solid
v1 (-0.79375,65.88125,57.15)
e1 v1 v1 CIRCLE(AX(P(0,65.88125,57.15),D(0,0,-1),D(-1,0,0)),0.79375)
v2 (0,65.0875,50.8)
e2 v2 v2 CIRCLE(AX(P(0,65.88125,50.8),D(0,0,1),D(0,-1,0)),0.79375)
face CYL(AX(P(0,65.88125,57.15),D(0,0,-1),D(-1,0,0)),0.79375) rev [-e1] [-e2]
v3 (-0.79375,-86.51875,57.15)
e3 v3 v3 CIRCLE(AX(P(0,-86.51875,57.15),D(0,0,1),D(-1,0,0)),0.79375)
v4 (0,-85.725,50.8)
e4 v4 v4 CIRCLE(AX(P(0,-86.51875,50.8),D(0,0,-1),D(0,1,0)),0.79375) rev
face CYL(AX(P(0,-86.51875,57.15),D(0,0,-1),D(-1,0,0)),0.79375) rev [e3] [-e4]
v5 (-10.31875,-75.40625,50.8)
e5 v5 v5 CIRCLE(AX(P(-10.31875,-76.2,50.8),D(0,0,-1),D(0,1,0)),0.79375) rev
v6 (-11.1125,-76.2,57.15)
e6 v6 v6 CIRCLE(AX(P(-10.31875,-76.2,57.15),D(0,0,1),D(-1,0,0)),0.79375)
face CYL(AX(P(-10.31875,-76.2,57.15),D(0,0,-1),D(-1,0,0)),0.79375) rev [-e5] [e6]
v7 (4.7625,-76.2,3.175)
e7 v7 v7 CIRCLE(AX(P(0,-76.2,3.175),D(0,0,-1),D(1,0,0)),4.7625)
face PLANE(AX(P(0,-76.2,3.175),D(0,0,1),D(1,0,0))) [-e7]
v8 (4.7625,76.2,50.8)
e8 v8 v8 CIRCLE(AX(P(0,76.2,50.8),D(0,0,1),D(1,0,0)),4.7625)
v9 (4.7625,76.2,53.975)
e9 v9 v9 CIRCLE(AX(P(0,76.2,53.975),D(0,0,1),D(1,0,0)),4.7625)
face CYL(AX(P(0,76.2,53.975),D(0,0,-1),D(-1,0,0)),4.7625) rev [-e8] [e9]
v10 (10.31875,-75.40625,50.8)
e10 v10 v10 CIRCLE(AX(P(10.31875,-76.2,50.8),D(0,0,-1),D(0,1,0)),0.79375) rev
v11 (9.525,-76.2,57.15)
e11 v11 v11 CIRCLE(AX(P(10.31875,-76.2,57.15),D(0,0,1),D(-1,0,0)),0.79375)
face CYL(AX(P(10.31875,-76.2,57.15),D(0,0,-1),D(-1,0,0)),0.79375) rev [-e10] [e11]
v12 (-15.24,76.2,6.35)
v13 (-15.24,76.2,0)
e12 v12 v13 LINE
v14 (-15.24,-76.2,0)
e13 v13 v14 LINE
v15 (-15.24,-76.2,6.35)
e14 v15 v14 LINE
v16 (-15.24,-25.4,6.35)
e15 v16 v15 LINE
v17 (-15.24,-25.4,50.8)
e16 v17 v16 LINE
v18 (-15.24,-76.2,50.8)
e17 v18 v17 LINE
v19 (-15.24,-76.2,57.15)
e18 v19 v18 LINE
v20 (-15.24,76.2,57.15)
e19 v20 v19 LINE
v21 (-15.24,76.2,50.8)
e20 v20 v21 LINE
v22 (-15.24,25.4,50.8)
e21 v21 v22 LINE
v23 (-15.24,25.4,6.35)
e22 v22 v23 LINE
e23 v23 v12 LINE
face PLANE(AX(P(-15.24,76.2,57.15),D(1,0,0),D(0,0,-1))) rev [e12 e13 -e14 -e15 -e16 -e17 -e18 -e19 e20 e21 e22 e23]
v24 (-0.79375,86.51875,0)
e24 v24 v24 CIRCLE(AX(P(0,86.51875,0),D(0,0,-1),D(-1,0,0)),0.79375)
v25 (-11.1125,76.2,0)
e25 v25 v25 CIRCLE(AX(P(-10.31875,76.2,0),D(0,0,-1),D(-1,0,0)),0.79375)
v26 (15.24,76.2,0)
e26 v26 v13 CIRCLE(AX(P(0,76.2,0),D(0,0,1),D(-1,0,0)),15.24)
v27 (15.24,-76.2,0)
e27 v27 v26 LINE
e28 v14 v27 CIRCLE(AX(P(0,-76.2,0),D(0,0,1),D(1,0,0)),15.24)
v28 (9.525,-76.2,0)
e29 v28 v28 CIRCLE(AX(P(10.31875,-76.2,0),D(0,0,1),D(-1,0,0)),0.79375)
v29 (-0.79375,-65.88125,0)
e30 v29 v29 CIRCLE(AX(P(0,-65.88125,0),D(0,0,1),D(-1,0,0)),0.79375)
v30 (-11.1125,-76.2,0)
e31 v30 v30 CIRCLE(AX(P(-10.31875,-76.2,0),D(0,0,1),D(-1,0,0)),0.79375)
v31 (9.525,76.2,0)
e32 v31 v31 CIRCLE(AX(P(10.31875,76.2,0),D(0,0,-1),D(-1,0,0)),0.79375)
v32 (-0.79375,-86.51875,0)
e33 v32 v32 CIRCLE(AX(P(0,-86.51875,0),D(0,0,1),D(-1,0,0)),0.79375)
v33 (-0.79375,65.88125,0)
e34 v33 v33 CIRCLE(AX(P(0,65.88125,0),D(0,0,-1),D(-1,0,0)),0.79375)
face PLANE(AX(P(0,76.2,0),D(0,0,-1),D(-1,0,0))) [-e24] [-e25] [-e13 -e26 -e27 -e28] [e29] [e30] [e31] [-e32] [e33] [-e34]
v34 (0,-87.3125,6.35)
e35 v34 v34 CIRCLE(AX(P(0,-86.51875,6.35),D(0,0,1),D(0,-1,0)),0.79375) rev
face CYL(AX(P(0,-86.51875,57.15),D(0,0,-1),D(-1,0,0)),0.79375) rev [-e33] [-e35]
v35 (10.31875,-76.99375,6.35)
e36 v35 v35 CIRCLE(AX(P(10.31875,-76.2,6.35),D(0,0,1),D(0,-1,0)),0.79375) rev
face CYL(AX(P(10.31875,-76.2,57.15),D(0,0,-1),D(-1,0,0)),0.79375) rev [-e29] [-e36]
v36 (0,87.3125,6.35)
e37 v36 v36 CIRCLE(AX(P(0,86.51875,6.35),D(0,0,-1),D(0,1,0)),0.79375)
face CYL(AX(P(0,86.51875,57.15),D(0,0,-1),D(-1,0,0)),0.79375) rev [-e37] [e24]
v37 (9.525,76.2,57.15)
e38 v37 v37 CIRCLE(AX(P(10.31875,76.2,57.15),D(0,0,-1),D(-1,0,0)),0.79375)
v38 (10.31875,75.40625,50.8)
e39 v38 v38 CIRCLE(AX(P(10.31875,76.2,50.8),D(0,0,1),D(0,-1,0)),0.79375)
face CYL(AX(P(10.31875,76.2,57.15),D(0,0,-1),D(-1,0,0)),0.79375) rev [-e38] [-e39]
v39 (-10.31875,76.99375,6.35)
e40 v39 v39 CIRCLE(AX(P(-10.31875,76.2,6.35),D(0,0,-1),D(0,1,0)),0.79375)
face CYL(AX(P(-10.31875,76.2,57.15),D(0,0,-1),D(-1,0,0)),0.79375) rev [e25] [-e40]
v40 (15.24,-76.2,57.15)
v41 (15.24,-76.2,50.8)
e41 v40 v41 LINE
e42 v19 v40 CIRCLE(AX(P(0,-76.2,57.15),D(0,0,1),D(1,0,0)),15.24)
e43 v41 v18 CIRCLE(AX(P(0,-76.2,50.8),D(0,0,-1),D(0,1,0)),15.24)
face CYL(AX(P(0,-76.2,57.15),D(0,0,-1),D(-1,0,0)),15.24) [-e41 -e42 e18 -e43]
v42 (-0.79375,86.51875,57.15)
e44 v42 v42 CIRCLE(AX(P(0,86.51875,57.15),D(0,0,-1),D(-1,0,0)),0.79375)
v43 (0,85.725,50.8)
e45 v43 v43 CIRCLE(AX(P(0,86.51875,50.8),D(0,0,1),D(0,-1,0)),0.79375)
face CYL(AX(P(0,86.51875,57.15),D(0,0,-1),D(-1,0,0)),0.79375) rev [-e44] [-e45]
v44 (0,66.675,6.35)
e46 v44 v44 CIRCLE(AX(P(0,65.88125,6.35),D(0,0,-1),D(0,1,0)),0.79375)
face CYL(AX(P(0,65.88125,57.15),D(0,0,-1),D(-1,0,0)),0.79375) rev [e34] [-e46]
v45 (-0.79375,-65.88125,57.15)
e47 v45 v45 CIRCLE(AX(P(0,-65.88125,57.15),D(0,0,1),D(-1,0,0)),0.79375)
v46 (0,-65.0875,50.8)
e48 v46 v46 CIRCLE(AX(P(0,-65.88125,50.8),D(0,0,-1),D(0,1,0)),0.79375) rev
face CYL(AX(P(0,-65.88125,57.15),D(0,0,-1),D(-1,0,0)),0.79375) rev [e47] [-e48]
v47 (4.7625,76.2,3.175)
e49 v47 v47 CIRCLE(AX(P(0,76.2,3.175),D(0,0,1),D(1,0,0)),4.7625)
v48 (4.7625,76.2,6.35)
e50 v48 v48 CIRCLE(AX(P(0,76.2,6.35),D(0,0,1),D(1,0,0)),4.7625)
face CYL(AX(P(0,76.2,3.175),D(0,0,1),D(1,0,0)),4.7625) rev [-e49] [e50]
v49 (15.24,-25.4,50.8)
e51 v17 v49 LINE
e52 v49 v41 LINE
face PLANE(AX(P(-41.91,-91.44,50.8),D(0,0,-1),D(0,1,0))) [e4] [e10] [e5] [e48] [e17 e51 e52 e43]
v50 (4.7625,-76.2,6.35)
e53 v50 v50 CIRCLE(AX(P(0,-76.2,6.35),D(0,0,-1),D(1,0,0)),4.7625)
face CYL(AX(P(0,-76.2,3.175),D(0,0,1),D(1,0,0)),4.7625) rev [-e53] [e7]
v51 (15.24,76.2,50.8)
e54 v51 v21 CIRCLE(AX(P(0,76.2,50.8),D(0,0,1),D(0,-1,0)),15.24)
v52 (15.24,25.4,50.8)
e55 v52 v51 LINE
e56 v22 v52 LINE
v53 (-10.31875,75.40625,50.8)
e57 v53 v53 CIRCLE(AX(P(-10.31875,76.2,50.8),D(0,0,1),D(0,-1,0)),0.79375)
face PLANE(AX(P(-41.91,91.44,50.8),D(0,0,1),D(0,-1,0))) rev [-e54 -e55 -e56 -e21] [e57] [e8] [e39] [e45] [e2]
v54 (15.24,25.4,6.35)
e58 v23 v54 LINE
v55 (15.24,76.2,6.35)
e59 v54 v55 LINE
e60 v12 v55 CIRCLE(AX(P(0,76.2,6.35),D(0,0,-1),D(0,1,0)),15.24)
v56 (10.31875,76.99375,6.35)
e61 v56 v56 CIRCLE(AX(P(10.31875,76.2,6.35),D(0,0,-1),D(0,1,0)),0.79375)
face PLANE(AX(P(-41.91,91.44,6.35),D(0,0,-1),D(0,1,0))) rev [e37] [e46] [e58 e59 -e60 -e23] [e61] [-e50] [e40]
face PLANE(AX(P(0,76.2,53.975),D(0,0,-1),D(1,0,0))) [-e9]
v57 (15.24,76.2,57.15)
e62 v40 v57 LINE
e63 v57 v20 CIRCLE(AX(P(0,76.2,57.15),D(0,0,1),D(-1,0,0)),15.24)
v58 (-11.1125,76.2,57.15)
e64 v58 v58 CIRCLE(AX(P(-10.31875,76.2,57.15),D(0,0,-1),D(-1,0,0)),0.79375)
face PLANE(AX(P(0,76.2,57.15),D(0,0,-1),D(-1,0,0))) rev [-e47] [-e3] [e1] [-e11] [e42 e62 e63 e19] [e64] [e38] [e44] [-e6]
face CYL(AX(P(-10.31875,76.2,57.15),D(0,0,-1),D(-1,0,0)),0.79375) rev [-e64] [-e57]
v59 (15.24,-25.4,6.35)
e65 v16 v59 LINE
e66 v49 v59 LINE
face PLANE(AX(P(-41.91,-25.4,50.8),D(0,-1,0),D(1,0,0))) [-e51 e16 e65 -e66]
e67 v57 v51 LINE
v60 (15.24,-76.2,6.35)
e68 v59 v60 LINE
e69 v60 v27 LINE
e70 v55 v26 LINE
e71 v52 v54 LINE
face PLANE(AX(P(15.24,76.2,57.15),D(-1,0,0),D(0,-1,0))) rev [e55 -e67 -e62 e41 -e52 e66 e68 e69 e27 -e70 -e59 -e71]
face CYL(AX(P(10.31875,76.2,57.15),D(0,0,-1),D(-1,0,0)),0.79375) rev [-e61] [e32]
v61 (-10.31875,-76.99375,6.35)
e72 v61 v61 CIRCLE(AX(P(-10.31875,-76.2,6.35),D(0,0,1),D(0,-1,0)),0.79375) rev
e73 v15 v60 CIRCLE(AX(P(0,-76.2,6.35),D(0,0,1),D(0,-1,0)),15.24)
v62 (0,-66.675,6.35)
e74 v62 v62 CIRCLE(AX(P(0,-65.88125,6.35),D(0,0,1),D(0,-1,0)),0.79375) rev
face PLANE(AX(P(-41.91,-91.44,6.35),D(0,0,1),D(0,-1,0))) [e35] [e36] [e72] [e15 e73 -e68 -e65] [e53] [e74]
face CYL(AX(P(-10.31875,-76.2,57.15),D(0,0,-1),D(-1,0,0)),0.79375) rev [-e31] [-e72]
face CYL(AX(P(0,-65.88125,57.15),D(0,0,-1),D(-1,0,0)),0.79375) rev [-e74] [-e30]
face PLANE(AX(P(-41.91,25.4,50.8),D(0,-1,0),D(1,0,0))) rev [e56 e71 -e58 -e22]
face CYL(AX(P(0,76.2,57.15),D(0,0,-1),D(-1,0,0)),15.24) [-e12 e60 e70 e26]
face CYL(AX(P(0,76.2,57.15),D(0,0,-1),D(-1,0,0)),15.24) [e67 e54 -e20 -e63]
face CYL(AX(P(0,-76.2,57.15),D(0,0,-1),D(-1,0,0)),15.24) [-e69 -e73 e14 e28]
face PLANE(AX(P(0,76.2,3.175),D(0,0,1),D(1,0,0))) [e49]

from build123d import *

# Parameters (mm, degrees)
BOSS_EXTRUDE1_DEPTH = 57.15
SKETCH2_W           = 44.45
SKETCH2_H           = 66.04
CUT_EXTRUDE1_DEPTH  = 57.15
SKETCH6_R           = 4.7625
CUT_EXTRUDE3_DEPTH  = 3.175
SKETCH8_R           = 0.79375
CUT_EXTRUDE4_DEPTH  = 58.15


with BuildPart() as part:
    # Sketch1 → Boss-Extrude1 (new body)
    with BuildSketch(Plane.XY):
        with BuildLine():
            Line((-15.24, 76.2), (-15.24, -76.2))
            ThreePointArc((-15.24, -76.2), (0, -91.44), (15.24, -76.2))
            Line((15.24, -76.2), (15.24, 76.2))
            ThreePointArc((15.24, 76.2), (0, 91.44), (-15.24, 76.2))
        make_face()
    extrude(amount=BOSS_EXTRUDE1_DEPTH)

    # Sketch2 → Cut-Extrude1 (cut)
    with BuildSketch(Plane(origin=(15.24, 0, 0), x_dir=(0, 0, -1), z_dir=(1, 0, 0))):
        with Locations((-28.575, 58.42)):
            Rectangle(SKETCH2_W, SKETCH2_H)
    cut_extrude1 = extrude(amount=-CUT_EXTRUDE1_DEPTH, mode=Mode.SUBTRACT)

    # Sketch6 → Cut-Extrude3 (cut)
    with BuildSketch(Plane.XY.offset(6.35)):
        with Locations((0, 76.2)):
            Circle(SKETCH6_R)
    cut_extrude3 = extrude(amount=-CUT_EXTRUDE3_DEPTH, mode=Mode.SUBTRACT)

    # Mirror3: Cut-Extrude3 across plane
    add(cut_extrude3.mirror(Plane.XY.offset(28.575)), mode=Mode.SUBTRACT)

    # Sketch8 → Cut-Extrude4 (cut, through all)
    with BuildSketch(Plane(origin=(0, 0, 0), x_dir=(-1, 0, 0), z_dir=(0, 0, -1))):
        with Locations((0, 65.88125)):
            Circle(SKETCH8_R)
        with Locations((-10.31875, 76.2)):
            Circle(SKETCH8_R)
        with Locations((0, 86.51875)):
            Circle(SKETCH8_R)
        with Locations((10.31875, 76.2)):
            Circle(SKETCH8_R)
    cut_extrude4 = extrude(amount=-CUT_EXTRUDE4_DEPTH, mode=Mode.SUBTRACT)

    # Mirror7: Cut-Extrude1, Cut-Extrude3, Cut-Extrude4 across plane
    add(cut_extrude1.mirror(Plane.ZX), mode=Mode.SUBTRACT)
    add(cut_extrude3.mirror(Plane.ZX), mode=Mode.SUBTRACT)
    add(cut_extrude4.mirror(Plane.ZX), mode=Mode.SUBTRACT)


solid = part.part
